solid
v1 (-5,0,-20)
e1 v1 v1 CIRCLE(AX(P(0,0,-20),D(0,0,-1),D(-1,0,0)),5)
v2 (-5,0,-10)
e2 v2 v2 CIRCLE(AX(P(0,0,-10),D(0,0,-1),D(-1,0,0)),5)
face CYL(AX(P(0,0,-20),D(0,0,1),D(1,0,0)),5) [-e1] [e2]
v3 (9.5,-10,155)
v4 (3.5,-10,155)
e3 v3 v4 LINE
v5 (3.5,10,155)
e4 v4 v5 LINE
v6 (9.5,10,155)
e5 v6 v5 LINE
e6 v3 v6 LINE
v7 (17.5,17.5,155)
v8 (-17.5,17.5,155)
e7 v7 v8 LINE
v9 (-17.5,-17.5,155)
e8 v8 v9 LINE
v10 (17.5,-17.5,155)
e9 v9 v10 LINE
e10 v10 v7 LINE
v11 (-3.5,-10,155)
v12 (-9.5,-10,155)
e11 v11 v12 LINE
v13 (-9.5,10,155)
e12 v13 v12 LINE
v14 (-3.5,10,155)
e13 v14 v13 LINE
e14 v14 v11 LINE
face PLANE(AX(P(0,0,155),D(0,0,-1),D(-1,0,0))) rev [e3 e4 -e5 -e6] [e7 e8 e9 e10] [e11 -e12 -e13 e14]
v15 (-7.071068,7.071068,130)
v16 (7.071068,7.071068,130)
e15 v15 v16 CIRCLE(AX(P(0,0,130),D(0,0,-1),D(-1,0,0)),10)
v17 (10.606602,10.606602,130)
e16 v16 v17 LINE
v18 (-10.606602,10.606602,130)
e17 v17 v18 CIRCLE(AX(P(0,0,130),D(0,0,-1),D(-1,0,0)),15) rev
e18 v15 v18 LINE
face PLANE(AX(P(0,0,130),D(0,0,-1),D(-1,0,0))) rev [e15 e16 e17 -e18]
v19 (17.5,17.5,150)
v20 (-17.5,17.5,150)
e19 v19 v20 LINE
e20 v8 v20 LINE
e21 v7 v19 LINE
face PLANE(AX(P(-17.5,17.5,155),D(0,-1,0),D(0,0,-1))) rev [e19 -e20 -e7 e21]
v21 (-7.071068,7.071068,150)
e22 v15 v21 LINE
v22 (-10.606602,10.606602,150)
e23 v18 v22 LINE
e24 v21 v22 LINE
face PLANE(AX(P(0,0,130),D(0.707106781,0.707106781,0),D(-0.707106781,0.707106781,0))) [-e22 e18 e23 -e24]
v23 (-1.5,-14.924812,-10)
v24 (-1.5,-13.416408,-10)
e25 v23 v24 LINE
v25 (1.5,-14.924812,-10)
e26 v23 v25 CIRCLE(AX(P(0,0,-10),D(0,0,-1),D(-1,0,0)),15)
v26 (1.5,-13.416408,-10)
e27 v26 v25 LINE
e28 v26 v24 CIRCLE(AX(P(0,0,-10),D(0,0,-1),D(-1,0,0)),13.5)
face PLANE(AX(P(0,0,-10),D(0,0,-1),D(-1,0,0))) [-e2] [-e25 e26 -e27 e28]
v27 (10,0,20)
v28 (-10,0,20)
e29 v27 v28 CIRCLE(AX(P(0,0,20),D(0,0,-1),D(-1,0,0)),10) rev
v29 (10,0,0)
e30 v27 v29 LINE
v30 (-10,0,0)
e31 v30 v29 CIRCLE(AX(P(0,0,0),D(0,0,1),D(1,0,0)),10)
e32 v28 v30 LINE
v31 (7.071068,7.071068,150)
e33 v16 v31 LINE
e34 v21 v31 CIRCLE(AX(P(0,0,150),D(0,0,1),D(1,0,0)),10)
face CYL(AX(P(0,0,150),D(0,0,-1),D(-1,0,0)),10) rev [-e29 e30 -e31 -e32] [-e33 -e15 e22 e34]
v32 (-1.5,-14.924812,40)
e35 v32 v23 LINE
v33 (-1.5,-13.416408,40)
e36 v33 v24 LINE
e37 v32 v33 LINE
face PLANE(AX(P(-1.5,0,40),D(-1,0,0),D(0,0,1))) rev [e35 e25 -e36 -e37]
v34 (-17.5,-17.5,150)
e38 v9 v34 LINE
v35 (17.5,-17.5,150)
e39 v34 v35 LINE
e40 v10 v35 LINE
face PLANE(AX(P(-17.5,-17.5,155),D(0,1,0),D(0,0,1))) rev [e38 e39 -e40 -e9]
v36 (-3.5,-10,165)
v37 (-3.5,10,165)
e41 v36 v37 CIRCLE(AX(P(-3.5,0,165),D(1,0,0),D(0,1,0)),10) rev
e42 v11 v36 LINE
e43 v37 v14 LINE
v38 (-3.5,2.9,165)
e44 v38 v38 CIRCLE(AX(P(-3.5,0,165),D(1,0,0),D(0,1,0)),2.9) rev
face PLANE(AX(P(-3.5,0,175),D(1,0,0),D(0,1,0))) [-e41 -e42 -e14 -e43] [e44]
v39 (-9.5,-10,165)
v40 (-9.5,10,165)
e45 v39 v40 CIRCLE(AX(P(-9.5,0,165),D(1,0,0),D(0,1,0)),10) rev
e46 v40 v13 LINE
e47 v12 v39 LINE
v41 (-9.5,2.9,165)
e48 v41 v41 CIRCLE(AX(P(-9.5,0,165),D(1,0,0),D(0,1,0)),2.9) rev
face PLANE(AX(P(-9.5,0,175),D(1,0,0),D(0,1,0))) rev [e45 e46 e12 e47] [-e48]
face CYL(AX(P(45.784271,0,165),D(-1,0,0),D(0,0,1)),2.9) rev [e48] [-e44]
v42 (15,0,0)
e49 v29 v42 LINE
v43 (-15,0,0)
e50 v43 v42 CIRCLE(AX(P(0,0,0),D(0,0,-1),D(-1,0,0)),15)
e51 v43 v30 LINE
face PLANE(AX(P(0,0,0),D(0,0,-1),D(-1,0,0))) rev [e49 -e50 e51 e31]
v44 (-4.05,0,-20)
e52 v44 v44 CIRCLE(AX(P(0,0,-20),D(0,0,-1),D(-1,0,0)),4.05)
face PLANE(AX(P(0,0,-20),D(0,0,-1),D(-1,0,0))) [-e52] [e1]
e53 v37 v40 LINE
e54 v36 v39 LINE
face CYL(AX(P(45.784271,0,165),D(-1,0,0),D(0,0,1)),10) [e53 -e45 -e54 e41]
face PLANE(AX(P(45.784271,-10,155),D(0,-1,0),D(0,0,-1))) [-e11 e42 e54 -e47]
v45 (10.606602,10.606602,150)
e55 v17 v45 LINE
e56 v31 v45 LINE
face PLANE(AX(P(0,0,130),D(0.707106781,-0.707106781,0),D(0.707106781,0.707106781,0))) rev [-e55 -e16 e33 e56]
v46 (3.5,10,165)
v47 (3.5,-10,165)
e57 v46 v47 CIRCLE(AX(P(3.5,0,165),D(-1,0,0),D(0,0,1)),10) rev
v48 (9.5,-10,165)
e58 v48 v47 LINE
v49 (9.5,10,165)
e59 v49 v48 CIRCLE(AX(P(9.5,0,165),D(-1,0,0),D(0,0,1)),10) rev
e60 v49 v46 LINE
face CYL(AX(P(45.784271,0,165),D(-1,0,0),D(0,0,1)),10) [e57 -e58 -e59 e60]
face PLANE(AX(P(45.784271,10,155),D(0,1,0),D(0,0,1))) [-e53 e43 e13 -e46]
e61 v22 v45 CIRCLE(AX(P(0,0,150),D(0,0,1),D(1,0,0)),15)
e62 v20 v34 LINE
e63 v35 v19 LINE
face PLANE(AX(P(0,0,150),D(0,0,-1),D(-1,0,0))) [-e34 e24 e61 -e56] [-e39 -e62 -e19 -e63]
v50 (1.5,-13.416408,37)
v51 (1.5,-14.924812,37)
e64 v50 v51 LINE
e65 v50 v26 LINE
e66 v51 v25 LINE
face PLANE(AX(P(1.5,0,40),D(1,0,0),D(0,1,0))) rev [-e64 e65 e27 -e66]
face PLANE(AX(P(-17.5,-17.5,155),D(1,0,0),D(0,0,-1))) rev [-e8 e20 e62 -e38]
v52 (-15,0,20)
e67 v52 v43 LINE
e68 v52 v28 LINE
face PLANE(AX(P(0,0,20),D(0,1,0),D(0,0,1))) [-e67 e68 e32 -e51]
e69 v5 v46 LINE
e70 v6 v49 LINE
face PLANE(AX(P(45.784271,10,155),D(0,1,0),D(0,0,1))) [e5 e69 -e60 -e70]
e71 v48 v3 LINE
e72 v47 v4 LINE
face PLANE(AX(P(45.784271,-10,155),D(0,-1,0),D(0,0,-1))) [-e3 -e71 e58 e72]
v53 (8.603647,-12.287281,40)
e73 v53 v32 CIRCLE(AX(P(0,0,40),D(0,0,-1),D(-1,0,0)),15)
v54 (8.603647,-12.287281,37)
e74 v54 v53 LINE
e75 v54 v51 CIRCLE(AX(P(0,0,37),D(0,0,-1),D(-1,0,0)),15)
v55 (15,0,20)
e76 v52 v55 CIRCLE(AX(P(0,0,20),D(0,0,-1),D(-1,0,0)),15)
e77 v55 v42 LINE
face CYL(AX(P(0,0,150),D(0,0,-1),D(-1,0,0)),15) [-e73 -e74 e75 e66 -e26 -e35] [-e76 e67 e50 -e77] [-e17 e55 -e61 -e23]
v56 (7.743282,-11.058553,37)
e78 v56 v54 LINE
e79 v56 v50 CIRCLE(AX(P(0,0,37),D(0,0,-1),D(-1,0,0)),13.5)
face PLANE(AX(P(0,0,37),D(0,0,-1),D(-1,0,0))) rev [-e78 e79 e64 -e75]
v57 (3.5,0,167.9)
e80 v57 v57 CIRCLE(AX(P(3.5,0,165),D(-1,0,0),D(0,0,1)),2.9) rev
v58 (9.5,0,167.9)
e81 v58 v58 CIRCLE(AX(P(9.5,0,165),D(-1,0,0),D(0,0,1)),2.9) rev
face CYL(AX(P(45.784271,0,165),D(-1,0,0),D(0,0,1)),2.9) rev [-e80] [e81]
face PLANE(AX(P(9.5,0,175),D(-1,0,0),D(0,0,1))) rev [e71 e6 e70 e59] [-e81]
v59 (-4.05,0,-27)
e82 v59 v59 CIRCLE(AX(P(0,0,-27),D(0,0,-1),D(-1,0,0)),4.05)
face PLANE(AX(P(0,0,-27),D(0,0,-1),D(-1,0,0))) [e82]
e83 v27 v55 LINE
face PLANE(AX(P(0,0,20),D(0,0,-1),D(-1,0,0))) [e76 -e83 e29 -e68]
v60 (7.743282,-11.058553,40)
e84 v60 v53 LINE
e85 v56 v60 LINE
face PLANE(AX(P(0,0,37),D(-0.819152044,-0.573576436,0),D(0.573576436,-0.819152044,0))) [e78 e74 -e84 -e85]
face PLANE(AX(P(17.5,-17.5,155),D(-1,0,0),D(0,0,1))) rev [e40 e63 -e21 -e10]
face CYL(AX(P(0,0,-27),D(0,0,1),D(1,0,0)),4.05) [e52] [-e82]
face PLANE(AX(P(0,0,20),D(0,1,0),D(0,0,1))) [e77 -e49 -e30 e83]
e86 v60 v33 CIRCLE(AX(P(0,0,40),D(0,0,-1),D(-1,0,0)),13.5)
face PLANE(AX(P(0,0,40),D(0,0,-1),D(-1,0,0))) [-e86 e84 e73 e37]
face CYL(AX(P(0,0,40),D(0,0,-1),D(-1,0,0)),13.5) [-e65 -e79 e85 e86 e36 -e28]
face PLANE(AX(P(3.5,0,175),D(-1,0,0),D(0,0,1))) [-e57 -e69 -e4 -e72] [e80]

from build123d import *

# Parameters (mm, degrees)
SKETCH1_R           = 15
SKETCH1_R_2         = 10
BOSS_EXTRUDE1_DEPTH = 150
SKETCH2_W           = 35
SKETCH2_H           = 35
BOSS_EXTRUDE2_DEPTH = 5
CUT_EXTRUDE5_DEPTH  = 20
BOSS_EXTRUDE4_START = 10
SKETCH12_R          = 15
BOSS_EXTRUDE4_DEPTH = 10
SKETCH13_R          = 5
BOSS_EXTRUDE5_DEPTH = 10
CUT_EXTRUDE6_START  = 20
CUT_EXTRUDE6_DEPTH  = 20
SKETCH15_R          = 4.05
BOSS_EXTRUDE6_DEPTH = 7
SKETCH16_R          = 2.9
BOSS_EXTRUDE7_DEPTH = 35
SKETCH17_W          = 8
SKETCH17_H          = 27.5
SKETCH17_H_2        = 7.5
SKETCH17_W_2        = 7
CUT_EXTRUDE7_DEPTH  = 184.674984688
CUT_EXTRUDE11_DEPTH = 50
CUT_EXTRUDE13_START = 3
CUT_EXTRUDE13_DEPTH = 3


with BuildPart() as part:
    # Sketch1 → Boss-Extrude1 (new body)
    with BuildSketch(Plane.XY):
        Circle(SKETCH1_R)
        Circle(SKETCH1_R_2, mode=Mode.SUBTRACT)
    extrude(amount=BOSS_EXTRUDE1_DEPTH)

    # Sketch2 → Boss-Extrude2 (add)
    with BuildSketch(Plane.XY.offset(150)):
        Rectangle(SKETCH2_W, SKETCH2_H)
    extrude(amount=BOSS_EXTRUDE2_DEPTH)

    # Sketch10 → Cut-Extrude5 (cut)
    with BuildSketch(Plane(origin=(0, 0, 0), x_dir=(-1, 0, 0), z_dir=(0, 0, -1))):
        with BuildLine():
            Line((10, 0), (15, 0))
            ThreePointArc((15, 0), (0, 15), (-15, 0))
            Line((-15, 0), (-10, 0))
            ThreePointArc((-10, 0), (0, 10), (10, 0))
        make_face()
    extrude(amount=-CUT_EXTRUDE5_DEPTH, mode=Mode.SUBTRACT)

    # Sketch12 → Boss-Extrude4 (add)
    with BuildSketch(Plane(origin=(0, 0, 0), x_dir=(-1, 0, 0), z_dir=(0, 0, -1)).offset(BOSS_EXTRUDE4_START)):
        Circle(SKETCH12_R)
    extrude(amount=-BOSS_EXTRUDE4_DEPTH)

    # Sketch13 → Boss-Extrude5 (add)
    with BuildSketch(Plane(origin=(0, 0, -10), x_dir=(-1, 0, 0), z_dir=(0, 0, -1))):
        Circle(SKETCH13_R)
    extrude(amount=BOSS_EXTRUDE5_DEPTH)

    # Sketch14 → Cut-Extrude6 (cut)
    with BuildSketch(Plane(origin=(0, 0, 150), x_dir=(-1, 0, 0), z_dir=(0, 0, -1)).offset(CUT_EXTRUDE6_START)):
        with BuildLine():
            Line((-10.606601718, 10.606601718), (-7.071067812, 7.071067812))
            ThreePointArc((-7.071067812, 7.071067812), (0, 10), (7.071067812, 7.071067812))
            Line((7.071067812, 7.071067812), (10.606601718, 10.606601718))
            ThreePointArc((10.606601718, 10.606601718), (0, 15), (-10.606601718, 10.606601718))
        make_face()
    extrude(amount=-CUT_EXTRUDE6_DEPTH, mode=Mode.SUBTRACT)

    # Sketch15 → Boss-Extrude6 (add)
    with BuildSketch(Plane(origin=(0, 0, -20), x_dir=(-1, 0, 0), z_dir=(0, 0, -1))):
        Circle(SKETCH15_R)
    extrude(amount=BOSS_EXTRUDE6_DEPTH)

    # Sketch16 → Boss-Extrude7 (add)
    with BuildSketch(Plane.ZY.offset(17.5)):
        with BuildLine():
            Line((155, 10), (165, 10))
            ThreePointArc((165, 10), (175, 0), (165, -10))
            Line((165, -10), (155, -10))
            Line((155, -10), (155, 10))
        make_face()
        with Locations((165, 0)):
            Circle(SKETCH16_R, mode=Mode.SUBTRACT)
    extrude(amount=-BOSS_EXTRUDE7_DEPTH)

    # Sketch17 → Cut-Extrude7 (cut, through all)
    with BuildSketch(Plane.XY.offset(155)):
        with Locations((-13.5, -3.75)):
            Rectangle(SKETCH17_W, SKETCH17_H)
        with Locations((-13.5, 13.75)):
            Rectangle(SKETCH17_W, SKETCH17_H_2)
        with Locations((0, 13.75)):
            Rectangle(SKETCH17_W_2, SKETCH17_H_2)
        with Locations((0, -3.75)):
            Rectangle(SKETCH17_W_2, SKETCH17_H)
        with Locations((13.5, 13.75)):
            Rectangle(SKETCH17_W, SKETCH17_H_2)
        with Locations((13.5, -3.75)):
            Rectangle(SKETCH17_W, SKETCH17_H)
    extrude(amount=CUT_EXTRUDE7_DEPTH, mode=Mode.SUBTRACT)

    # Sketch20 → Cut-Extrude11 (cut)
    with BuildSketch(Plane(origin=(0, 0, -10), x_dir=(-1, 0, 0), z_dir=(0, 0, -1))):
        with BuildLine():
            ThreePointArc((1.5, -13.416407865), (0.751163705, -13.479085766), (0, -13.5))
            Line((0, -13.5), (0, -15))
            ThreePointArc((0, -15), (0.750941626, -14.981191097), (1.5, -14.924811557))
            Line((1.5, -14.924811557), (1.5, -13.416407865))
        make_face()
        with BuildLine():
            ThreePointArc((0, -13.5), (-0.751163705, -13.479085766), (-1.5, -13.416407865))
            Line((-1.5, -13.416407865), (-1.5, -14.924811557))
            ThreePointArc((-1.5, -14.924811557), (-0.750941626, -14.981191097), (0, -15))
            Line((0, -15), (0, -13.5))
        make_face()
    extrude(amount=-CUT_EXTRUDE11_DEPTH, mode=Mode.SUBTRACT)

    # Sketch23 → Cut-Extrude13 (cut)
    with BuildSketch(Plane(origin=(0, 0, 40), x_dir=(-1, 0, 0), z_dir=(0, 0, -1)).offset(CUT_EXTRUDE13_START)):
        with BuildLine():
            Line((-1.5, -14.924811557), (-1.5, -13.416407865))
            ThreePointArc((-1.5, -13.416407865), (-4.76963682, -12.629353293), (-7.743281891, -11.058552598))
            Line((-7.743281891, -11.058552598), (-8.603646545, -12.287280664))
            ThreePointArc((-8.603646545, -12.287280664), (-5.221116804, -14.062003389), (-1.5, -14.924811557))
        make_face()
    extrude(amount=-CUT_EXTRUDE13_DEPTH, mode=Mode.SUBTRACT)


solid = part.part
